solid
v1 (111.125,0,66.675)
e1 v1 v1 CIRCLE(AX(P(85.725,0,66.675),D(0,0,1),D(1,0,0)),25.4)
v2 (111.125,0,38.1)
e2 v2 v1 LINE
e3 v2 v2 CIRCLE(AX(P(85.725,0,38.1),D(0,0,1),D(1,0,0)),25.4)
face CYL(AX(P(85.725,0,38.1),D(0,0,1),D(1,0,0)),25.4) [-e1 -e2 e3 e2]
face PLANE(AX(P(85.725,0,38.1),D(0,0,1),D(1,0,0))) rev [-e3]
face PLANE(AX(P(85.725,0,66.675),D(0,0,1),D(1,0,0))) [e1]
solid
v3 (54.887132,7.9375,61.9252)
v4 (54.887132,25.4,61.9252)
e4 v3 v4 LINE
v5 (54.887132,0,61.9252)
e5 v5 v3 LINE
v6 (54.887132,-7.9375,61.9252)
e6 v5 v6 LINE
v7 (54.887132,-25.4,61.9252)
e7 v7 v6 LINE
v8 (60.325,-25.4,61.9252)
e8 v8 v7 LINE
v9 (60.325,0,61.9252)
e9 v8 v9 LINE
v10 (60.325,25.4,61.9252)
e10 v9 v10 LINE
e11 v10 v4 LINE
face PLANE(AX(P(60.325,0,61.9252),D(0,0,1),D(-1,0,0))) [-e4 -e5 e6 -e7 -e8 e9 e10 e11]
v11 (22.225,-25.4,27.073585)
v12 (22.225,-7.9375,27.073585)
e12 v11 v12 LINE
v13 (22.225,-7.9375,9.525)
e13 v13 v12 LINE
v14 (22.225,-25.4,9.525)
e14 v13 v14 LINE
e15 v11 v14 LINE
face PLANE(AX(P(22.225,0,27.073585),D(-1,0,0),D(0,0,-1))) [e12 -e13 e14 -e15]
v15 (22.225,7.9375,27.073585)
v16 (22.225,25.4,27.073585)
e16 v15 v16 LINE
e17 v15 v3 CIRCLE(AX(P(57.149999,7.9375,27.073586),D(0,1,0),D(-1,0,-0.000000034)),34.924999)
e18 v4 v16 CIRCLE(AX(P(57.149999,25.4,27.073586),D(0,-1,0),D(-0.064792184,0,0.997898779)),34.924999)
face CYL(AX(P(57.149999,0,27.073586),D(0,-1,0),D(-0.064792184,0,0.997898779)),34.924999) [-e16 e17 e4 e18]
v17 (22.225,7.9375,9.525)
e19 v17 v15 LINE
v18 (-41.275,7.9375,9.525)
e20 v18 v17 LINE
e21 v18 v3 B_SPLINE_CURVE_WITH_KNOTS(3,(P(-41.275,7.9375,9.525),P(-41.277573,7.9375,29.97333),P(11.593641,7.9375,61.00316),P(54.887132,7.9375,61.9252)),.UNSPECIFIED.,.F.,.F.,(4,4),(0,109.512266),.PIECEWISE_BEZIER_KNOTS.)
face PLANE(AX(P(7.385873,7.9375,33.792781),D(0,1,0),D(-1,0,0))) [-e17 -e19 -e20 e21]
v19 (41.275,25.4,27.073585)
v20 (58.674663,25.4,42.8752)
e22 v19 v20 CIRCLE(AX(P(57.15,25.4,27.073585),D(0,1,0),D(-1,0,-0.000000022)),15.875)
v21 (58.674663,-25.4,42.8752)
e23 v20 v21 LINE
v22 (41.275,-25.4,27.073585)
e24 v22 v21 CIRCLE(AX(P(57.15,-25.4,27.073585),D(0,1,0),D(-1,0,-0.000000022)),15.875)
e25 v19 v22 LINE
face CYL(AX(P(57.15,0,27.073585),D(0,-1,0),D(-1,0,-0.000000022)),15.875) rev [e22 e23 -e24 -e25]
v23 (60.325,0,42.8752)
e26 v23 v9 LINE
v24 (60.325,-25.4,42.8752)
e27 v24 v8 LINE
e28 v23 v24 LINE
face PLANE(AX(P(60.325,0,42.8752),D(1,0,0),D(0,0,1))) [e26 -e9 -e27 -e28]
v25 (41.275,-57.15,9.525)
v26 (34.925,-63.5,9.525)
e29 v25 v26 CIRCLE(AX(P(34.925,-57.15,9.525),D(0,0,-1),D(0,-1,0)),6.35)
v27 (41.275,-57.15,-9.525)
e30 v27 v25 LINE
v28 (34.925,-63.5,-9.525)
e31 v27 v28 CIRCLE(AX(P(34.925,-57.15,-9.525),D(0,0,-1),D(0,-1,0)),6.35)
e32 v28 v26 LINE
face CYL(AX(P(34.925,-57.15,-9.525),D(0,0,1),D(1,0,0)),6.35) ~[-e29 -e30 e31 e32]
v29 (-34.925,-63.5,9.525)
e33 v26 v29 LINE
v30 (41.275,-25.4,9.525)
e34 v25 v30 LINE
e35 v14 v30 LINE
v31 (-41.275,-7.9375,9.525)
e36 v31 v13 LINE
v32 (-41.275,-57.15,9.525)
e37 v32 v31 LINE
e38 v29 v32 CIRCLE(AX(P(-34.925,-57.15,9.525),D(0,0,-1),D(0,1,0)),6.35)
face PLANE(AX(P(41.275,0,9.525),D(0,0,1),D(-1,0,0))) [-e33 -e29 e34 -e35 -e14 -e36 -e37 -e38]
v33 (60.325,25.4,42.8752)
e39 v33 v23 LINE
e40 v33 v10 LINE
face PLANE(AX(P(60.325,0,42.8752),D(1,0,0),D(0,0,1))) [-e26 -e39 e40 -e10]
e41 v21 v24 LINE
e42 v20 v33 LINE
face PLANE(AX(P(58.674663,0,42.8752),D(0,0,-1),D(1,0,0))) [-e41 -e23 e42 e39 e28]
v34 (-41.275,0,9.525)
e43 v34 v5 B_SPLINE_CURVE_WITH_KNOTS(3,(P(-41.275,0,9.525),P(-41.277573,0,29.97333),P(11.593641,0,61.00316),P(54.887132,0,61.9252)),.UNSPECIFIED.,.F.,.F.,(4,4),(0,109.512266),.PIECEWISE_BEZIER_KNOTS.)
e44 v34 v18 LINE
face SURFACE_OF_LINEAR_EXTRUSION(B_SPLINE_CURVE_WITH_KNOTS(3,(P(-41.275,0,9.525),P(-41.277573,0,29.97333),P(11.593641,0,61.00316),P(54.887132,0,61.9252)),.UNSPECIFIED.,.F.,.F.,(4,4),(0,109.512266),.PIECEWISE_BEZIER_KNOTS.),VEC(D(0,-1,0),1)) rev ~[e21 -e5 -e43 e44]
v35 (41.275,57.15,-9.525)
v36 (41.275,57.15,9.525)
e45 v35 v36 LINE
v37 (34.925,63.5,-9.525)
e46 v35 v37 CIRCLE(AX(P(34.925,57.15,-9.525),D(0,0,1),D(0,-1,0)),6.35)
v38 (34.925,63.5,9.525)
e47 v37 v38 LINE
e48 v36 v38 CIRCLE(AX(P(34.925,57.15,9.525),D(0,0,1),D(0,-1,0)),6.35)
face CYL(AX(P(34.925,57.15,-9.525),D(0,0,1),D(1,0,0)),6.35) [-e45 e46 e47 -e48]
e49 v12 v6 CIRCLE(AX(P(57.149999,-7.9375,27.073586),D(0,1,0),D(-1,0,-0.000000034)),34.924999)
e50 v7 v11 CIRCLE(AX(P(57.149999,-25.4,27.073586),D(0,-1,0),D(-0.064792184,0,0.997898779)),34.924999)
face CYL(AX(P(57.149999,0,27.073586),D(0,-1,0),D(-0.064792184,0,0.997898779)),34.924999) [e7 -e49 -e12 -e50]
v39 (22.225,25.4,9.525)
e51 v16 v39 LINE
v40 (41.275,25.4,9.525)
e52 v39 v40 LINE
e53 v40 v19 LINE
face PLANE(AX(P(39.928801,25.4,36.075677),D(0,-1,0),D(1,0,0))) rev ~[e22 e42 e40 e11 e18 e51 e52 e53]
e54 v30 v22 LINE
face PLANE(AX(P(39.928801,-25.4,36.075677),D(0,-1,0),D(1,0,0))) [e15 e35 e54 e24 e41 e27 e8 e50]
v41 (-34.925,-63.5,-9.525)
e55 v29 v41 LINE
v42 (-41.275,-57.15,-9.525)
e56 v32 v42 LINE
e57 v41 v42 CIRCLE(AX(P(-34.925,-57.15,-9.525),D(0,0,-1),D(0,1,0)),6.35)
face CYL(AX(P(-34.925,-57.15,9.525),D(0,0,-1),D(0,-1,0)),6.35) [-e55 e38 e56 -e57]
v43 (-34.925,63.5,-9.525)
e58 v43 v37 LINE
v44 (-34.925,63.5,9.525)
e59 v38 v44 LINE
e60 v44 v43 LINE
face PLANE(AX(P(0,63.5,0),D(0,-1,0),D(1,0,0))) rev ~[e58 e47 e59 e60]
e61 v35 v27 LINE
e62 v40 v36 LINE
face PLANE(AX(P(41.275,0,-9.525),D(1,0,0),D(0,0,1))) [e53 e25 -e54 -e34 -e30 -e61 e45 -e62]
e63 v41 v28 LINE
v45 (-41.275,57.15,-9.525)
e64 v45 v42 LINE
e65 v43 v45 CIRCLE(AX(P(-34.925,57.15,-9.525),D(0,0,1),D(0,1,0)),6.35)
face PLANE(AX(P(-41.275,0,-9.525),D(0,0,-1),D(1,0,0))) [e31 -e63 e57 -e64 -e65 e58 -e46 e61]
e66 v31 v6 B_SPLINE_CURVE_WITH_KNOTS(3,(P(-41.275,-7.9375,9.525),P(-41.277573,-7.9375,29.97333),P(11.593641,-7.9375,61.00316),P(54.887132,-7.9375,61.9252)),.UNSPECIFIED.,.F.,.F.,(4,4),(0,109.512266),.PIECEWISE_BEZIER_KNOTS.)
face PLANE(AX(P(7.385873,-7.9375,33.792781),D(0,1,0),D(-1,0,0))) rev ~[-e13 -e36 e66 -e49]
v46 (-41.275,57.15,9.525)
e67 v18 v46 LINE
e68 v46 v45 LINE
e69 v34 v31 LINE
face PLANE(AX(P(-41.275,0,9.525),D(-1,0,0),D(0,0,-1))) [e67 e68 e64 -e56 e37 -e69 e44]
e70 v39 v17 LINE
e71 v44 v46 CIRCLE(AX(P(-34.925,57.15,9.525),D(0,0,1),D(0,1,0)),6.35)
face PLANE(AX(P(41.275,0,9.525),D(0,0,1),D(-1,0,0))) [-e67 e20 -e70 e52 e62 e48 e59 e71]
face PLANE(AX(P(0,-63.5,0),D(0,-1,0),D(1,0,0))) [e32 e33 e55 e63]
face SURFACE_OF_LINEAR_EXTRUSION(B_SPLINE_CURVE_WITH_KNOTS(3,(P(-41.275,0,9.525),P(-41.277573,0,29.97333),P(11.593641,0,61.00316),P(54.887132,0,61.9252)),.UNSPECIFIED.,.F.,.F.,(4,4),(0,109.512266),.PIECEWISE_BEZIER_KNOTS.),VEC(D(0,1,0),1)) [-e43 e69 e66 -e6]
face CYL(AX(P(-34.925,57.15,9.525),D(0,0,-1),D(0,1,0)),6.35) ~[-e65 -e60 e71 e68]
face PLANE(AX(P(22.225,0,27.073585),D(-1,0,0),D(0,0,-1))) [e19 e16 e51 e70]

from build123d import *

# Parameters (mm, degrees)
F1_DEPTH = 63.5
F2_DEPTH = 25.4
F3_DEPTH = 7.9375
F5_R     = 6.35
F6_R     = 6.35


with BuildPart() as f1:
    # F0 (on Front) → F1 (new body, symmetric)
    with BuildSketch(Plane.XZ):
        Polygon((22.225, 9.525), (-41.275, 9.525), (-41.275, -9.525), (41.275, -9.525), (41.275, 9.525), align=None)
    extrude(amount=F1_DEPTH, both=True)

    # F0 (on Front) → F2 (join, symmetric)
    with BuildSketch(Plane.XZ):
        with BuildLine():
            Line((22.225, 27.073585), (22.225, 9.525))
            Line((22.225, 9.525), (41.275, 9.525))
            Line((41.275, 9.525), (41.275, 27.073585))
            ThreePointArc((41.275, 27.073585), (46.477334, 38.825599), (58.674663, 42.8752))
            Line((58.674663, 42.8752), (60.325, 42.8752))
            Line((60.325, 42.8752), (60.325, 61.9252))
            Line((60.325, 61.9252), (54.887132, 61.9252))
            ThreePointArc((54.887132, 61.9252), (31.666806, 50.955848), (22.225, 27.073585))
        make_face()
    extrude(amount=F2_DEPTH, both=True)

    # F0 (on Front) → F3 (join, symmetric)
    with BuildSketch(Plane.XZ):
        with BuildLine():
            add(Edge.make_bspline(
                [(-41.275, 9.525), (-41.277573, 29.97333), (11.593641, 61.00316), (54.887132, 61.9252)],
                knots=[0, 0, 0, 0, 109.512266, 109.512266, 109.512266, 109.512266], degree=3))
            Line((-41.275, 9.525), (22.225, 9.525))
            Line((22.225, 9.525), (22.225, 27.073585))
            ThreePointArc((22.225, 27.073585), (31.666806, 50.955848), (54.887132, 61.9252))
        make_face()
    extrude(amount=F3_DEPTH, both=True)

    # F0 (on Front) → F4 (revolve)
    with BuildSketch(Plane.XZ):
        Polygon((85.725, 66.675), (85.725, 61.9252), (85.725, 42.8752), (85.725, 38.1), (111.125, 38.1), (111.125, 66.675), align=None)
    revolve(axis=Axis((85.725, 0, 52.3875), (0, 0, 1)))

    # F5
    f5_edges = [f1.edges().sort_by_distance(p)[0] for p in [
        (41.275, -63.5, 0),
    ]]
    fillet(f5_edges, radius=F5_R)

    # F6
    f6_edges = [f1.edges().sort_by_distance(p)[0] for p in [
        (-41.275, -63.5, 0),
        (41.275, 63.5, 0),
        (-41.275, 63.5, 0),
    ]]
    fillet(f6_edges, radius=F6_R)


solid = f1.part
